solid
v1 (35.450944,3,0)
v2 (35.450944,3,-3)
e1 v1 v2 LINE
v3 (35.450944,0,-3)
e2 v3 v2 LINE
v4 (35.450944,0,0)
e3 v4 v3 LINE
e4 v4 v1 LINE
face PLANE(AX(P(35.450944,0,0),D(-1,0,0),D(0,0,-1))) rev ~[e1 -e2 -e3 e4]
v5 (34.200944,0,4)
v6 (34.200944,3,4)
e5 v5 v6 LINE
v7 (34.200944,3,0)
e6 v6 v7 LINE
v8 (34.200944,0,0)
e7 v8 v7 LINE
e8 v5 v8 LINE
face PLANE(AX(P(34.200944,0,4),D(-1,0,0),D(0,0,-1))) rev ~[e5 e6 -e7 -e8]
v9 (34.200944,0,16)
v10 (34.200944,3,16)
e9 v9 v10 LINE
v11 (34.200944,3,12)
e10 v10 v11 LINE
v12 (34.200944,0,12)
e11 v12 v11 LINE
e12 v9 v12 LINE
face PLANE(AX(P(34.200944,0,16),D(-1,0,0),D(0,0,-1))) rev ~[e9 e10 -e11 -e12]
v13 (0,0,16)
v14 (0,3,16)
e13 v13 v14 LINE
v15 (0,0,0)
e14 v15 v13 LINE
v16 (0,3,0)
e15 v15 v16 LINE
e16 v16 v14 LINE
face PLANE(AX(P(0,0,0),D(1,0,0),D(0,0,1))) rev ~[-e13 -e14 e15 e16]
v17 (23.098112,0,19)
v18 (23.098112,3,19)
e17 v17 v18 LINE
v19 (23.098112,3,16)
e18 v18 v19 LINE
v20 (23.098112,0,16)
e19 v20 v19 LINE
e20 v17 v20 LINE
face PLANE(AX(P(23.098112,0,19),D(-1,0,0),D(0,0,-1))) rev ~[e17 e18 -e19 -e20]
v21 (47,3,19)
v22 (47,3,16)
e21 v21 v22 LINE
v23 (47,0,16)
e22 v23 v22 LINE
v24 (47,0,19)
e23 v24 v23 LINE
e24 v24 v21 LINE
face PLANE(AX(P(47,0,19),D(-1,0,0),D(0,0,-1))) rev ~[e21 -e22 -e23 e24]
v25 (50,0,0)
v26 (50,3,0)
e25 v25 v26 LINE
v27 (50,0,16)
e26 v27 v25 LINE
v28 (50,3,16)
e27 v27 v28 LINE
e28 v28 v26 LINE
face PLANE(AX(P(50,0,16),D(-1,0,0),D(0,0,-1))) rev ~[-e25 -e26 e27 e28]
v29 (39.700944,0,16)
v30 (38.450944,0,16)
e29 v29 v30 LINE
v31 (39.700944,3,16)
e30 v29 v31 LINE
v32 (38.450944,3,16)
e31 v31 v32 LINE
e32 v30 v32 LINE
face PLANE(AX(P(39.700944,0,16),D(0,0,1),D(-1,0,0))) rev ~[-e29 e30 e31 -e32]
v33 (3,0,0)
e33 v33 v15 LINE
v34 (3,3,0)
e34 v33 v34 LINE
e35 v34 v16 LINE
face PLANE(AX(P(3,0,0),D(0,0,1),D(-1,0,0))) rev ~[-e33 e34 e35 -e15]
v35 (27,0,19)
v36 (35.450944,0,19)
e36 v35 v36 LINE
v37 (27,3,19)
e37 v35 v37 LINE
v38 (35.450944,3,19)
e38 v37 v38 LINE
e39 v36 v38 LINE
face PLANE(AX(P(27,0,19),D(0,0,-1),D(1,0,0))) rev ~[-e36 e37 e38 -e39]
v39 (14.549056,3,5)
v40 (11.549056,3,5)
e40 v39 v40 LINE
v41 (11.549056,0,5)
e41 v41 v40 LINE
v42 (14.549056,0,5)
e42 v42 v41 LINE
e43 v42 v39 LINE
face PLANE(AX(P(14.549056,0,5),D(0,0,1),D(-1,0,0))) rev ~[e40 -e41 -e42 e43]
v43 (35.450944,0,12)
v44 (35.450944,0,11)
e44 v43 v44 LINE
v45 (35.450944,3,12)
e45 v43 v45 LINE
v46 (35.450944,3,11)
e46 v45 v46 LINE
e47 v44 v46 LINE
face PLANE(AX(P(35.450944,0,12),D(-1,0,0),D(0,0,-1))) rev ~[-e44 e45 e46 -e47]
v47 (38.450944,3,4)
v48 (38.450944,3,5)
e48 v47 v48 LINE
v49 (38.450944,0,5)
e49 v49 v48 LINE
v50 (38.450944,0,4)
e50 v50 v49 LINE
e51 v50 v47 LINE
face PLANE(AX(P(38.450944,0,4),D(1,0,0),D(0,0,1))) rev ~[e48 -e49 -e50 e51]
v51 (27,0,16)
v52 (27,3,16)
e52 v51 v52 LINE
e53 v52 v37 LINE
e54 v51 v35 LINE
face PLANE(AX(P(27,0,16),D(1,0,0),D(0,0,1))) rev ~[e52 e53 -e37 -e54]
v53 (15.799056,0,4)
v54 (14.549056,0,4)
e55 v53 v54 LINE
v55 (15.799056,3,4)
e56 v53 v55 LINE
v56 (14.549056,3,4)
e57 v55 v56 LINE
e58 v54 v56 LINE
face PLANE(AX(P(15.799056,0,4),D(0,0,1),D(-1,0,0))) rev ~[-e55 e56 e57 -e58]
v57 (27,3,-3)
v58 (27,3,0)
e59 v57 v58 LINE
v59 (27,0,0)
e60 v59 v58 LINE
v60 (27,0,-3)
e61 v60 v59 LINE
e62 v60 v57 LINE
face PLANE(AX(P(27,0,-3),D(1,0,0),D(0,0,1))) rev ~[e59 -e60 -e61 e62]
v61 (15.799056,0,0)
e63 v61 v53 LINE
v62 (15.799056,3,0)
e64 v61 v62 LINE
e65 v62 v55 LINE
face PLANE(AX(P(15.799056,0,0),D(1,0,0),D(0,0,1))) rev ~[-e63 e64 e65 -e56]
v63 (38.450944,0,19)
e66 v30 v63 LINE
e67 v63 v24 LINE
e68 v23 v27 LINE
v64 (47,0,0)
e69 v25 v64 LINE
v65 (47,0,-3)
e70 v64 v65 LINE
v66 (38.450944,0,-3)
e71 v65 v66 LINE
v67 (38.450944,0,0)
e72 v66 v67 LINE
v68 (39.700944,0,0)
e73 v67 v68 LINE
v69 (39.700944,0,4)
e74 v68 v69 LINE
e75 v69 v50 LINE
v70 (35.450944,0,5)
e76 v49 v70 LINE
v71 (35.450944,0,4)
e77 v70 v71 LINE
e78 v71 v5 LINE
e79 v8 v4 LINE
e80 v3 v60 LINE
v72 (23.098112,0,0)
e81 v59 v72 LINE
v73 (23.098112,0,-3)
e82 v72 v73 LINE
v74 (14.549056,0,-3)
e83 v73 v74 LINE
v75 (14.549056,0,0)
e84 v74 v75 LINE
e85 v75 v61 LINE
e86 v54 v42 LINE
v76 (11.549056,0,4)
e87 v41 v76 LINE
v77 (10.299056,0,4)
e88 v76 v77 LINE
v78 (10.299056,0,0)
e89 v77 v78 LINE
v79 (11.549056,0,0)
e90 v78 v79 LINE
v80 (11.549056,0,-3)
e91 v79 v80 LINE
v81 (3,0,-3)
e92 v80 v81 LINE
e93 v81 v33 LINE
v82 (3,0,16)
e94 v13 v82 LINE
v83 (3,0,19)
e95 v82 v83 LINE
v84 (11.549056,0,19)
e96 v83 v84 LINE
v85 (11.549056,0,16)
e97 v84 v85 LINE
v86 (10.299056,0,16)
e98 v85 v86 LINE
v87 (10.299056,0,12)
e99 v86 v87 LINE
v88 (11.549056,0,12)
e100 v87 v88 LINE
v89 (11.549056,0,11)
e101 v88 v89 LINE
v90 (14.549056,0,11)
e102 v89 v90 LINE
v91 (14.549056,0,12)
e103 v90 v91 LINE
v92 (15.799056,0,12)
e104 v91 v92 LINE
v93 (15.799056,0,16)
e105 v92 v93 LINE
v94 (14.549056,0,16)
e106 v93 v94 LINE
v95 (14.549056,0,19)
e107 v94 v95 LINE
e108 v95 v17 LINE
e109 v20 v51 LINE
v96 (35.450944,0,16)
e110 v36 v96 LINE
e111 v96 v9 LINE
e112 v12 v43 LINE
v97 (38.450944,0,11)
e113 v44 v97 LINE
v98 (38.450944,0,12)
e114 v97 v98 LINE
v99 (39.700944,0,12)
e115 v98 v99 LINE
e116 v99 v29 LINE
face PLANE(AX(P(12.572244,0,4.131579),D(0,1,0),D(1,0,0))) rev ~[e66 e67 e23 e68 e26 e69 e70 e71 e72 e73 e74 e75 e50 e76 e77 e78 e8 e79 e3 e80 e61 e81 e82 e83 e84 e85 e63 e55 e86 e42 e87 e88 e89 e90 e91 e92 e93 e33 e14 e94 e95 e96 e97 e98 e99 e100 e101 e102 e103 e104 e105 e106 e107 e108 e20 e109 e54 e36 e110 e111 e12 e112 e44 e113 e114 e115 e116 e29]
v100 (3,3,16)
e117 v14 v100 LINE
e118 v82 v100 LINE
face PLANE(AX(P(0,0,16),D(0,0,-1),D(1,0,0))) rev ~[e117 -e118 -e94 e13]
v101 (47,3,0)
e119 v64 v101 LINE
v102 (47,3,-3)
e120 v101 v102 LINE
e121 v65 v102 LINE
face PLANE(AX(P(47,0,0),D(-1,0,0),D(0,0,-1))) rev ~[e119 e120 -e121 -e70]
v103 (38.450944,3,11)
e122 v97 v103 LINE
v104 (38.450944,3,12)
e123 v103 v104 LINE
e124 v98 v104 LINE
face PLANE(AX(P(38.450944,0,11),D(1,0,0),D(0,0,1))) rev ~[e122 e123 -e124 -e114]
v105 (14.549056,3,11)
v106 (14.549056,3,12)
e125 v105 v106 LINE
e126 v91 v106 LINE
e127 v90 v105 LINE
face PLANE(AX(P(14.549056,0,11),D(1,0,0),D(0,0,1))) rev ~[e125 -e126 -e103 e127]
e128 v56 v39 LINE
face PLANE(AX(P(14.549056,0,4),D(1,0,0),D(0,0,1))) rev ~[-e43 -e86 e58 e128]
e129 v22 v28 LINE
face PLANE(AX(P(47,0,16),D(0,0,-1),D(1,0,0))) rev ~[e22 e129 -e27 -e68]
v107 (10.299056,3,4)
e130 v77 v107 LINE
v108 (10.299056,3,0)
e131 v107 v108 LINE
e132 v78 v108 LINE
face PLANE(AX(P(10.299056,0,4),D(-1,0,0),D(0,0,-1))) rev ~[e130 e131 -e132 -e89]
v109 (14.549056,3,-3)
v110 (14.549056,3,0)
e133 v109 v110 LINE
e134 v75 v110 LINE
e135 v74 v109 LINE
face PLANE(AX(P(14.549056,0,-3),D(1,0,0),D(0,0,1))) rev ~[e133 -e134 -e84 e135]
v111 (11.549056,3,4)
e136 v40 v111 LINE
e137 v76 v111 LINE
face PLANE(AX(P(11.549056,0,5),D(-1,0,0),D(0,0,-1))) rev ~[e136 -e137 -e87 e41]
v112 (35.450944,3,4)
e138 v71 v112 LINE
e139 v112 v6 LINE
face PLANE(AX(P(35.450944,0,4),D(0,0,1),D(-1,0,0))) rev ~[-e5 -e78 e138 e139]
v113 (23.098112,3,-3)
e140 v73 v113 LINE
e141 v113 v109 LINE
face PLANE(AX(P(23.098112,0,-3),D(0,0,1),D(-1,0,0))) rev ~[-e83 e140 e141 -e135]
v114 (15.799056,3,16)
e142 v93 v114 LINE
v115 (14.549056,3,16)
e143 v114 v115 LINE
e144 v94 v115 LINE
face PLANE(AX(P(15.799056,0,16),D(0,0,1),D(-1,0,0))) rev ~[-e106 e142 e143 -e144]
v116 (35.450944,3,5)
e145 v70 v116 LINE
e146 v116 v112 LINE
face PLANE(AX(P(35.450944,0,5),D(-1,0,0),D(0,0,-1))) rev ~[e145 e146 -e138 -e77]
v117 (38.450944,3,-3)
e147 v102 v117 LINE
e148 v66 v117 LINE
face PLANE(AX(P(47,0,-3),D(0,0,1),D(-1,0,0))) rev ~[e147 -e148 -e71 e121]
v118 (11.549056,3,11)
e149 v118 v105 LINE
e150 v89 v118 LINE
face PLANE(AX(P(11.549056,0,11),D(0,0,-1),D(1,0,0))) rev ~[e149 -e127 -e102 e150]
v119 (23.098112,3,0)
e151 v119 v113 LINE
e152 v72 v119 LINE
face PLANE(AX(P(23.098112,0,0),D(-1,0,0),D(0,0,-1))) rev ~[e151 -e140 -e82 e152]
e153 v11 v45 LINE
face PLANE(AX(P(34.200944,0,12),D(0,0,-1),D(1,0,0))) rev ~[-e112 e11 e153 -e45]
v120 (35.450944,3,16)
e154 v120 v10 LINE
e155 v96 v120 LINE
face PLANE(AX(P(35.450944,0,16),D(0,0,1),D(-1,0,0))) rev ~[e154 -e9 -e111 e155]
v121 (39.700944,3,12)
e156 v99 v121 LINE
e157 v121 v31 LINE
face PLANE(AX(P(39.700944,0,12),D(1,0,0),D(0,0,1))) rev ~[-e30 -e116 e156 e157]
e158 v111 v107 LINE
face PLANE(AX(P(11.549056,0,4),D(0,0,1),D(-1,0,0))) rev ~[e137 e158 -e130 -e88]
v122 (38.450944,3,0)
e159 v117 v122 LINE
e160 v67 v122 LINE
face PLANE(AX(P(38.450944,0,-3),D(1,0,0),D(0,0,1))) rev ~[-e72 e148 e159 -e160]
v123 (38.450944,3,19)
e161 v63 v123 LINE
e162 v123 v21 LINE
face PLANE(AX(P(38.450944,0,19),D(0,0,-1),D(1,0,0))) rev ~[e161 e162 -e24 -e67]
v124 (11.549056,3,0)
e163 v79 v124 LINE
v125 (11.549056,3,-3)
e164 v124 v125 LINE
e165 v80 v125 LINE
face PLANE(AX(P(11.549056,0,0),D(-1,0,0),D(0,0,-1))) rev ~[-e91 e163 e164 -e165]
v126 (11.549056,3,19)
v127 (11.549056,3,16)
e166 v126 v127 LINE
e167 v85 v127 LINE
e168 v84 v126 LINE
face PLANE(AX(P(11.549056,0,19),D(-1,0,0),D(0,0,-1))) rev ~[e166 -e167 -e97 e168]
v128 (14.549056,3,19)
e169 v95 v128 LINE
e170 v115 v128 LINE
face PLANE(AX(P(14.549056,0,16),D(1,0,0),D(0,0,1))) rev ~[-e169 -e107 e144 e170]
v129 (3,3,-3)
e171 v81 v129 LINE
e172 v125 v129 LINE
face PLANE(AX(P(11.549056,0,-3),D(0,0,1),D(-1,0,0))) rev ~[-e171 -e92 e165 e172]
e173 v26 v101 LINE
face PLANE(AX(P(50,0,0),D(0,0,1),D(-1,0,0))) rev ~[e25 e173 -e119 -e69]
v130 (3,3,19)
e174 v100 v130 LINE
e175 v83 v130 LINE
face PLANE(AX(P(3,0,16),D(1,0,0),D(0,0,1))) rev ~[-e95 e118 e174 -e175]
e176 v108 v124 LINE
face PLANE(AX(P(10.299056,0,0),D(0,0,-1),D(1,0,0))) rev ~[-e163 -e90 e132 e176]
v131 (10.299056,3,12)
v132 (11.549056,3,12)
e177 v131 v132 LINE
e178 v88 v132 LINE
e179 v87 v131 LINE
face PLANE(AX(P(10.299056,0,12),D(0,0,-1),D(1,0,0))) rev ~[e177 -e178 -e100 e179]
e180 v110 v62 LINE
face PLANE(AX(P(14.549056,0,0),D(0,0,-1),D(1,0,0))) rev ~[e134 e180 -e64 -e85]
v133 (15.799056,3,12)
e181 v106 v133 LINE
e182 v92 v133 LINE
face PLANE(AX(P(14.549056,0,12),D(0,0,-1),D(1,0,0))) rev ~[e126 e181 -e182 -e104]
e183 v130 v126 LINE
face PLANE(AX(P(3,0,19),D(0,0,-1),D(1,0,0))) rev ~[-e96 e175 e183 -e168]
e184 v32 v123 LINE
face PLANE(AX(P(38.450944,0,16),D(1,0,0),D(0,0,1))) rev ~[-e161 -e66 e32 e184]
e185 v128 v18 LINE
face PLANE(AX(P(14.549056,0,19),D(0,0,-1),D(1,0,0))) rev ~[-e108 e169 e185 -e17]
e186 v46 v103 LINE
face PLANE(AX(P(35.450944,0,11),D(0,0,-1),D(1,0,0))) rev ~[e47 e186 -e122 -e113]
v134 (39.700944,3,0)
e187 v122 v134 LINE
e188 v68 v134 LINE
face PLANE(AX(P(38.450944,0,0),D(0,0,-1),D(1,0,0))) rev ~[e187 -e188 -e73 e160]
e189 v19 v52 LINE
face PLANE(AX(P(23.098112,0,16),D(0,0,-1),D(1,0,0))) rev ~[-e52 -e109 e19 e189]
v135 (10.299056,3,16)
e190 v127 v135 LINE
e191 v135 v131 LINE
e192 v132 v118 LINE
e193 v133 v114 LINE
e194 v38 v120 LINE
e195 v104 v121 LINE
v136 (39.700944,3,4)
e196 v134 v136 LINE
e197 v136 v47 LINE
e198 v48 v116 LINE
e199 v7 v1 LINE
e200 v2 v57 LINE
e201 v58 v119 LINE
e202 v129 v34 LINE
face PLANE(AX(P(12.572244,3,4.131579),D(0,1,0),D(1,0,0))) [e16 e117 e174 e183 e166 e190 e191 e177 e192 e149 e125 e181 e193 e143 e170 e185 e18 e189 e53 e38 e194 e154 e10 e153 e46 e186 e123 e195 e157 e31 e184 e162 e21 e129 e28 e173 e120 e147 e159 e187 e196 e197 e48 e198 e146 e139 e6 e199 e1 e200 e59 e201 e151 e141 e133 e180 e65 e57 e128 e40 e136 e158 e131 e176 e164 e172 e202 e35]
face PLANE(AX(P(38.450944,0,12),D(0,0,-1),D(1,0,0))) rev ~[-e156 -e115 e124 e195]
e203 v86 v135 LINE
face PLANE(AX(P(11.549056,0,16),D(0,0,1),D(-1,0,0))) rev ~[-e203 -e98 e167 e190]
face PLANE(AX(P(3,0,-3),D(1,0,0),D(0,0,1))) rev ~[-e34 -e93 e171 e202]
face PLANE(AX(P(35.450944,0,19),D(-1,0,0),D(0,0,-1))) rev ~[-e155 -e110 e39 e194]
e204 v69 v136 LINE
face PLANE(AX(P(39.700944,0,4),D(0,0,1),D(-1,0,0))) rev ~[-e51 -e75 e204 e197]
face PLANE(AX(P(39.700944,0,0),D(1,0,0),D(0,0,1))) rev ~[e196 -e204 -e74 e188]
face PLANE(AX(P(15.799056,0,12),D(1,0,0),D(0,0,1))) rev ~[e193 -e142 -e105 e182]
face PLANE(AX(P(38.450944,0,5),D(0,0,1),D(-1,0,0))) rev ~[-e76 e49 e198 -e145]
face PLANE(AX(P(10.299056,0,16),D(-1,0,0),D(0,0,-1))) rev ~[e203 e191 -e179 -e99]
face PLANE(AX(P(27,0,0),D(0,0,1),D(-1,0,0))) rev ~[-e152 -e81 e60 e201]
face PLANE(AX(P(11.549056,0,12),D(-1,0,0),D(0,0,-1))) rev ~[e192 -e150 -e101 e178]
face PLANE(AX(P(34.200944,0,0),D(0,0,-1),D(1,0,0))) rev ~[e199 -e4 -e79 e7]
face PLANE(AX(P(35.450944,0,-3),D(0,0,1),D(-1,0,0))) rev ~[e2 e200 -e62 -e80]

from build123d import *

# Parameters (mm, degrees)
EXTRUDE_1_DEPTH = 3


with BuildPart() as part:
    # 草图1 → 凸台-拉伸1 (new body)
    with BuildSketch(Plane(origin=(0, 0, 0), x_dir=(1, 0, 0), z_dir=(0, 1, 0))):
        Polygon((25, -8), (25, 0), (23.098111609, 0), (15.799055804, 0), (15.799055804, -4), (14.549055804, -4), (14.549055804, -5), (11.549055804, -5), (11.549055804, -4), (10.299055804, -4), (10.299055804, 0), (3, 0), (0, 0), (0, -8), align=None)
        Polygon((25, -16), (25, -8), (0, -8), (0, -16), (3, -16), (10.299055804, -16), (10.299055804, -12), (11.549055804, -12), (11.549055804, -11), (14.549055804, -11), (14.549055804, -12), (15.799055804, -12), (15.799055804, -16), (23.098111609, -16), align=None)
        Polygon((23.098111609, -19), (23.098111609, -16), (15.799055804, -16), (14.549055804, -16), (14.549055804, -19), align=None)
        Polygon((10.299055804, -16), (3, -16), (3, -19), (11.549055804, -19), (11.549055804, -16), align=None)
        Polygon((3, 3), (3, 0), (10.299055804, 0), (11.549055804, 0), (11.549055804, 3), align=None)
        Polygon((15.799055804, 0), (23.098111609, 0), (23.098111609, 3), (14.549055804, 3), (14.549055804, 0), align=None)
        Polygon((27, 3), (27, 0), (34.200944196, 0), (35.450944196, 0), (35.450944196, 3), align=None)
        Polygon((39.700944196, 0), (47, 0), (47, 3), (38.450944196, 3), (38.450944196, 0), align=None)
        Polygon((27, 0), (25, 0), (25, -8), (50, -8), (50, 0), (47, 0), (39.700944196, 0), (39.700944196, -4), (38.450944196, -4), (38.450944196, -5), (35.450944196, -5), (35.450944196, -4), (34.200944196, -4), (34.200944196, 0), align=None)
        Polygon((50, -8), (25, -8), (25, -16), (27, -16), (34.200944196, -16), (34.200944196, -12), (35.450944196, -12), (35.450944196, -11), (38.450944196, -11), (38.450944196, -12), (39.700944196, -12), (39.700944196, -16), (47, -16), (50, -16), align=None)
        Polygon((34.200944196, -16), (27, -16), (27, -19), (35.450944196, -19), (35.450944196, -16), align=None)
        Polygon((47, -19), (47, -16), (39.700944196, -16), (38.450944196, -16), (38.450944196, -19), align=None)
    extrude(amount=EXTRUDE_1_DEPTH)


solid = part.part
